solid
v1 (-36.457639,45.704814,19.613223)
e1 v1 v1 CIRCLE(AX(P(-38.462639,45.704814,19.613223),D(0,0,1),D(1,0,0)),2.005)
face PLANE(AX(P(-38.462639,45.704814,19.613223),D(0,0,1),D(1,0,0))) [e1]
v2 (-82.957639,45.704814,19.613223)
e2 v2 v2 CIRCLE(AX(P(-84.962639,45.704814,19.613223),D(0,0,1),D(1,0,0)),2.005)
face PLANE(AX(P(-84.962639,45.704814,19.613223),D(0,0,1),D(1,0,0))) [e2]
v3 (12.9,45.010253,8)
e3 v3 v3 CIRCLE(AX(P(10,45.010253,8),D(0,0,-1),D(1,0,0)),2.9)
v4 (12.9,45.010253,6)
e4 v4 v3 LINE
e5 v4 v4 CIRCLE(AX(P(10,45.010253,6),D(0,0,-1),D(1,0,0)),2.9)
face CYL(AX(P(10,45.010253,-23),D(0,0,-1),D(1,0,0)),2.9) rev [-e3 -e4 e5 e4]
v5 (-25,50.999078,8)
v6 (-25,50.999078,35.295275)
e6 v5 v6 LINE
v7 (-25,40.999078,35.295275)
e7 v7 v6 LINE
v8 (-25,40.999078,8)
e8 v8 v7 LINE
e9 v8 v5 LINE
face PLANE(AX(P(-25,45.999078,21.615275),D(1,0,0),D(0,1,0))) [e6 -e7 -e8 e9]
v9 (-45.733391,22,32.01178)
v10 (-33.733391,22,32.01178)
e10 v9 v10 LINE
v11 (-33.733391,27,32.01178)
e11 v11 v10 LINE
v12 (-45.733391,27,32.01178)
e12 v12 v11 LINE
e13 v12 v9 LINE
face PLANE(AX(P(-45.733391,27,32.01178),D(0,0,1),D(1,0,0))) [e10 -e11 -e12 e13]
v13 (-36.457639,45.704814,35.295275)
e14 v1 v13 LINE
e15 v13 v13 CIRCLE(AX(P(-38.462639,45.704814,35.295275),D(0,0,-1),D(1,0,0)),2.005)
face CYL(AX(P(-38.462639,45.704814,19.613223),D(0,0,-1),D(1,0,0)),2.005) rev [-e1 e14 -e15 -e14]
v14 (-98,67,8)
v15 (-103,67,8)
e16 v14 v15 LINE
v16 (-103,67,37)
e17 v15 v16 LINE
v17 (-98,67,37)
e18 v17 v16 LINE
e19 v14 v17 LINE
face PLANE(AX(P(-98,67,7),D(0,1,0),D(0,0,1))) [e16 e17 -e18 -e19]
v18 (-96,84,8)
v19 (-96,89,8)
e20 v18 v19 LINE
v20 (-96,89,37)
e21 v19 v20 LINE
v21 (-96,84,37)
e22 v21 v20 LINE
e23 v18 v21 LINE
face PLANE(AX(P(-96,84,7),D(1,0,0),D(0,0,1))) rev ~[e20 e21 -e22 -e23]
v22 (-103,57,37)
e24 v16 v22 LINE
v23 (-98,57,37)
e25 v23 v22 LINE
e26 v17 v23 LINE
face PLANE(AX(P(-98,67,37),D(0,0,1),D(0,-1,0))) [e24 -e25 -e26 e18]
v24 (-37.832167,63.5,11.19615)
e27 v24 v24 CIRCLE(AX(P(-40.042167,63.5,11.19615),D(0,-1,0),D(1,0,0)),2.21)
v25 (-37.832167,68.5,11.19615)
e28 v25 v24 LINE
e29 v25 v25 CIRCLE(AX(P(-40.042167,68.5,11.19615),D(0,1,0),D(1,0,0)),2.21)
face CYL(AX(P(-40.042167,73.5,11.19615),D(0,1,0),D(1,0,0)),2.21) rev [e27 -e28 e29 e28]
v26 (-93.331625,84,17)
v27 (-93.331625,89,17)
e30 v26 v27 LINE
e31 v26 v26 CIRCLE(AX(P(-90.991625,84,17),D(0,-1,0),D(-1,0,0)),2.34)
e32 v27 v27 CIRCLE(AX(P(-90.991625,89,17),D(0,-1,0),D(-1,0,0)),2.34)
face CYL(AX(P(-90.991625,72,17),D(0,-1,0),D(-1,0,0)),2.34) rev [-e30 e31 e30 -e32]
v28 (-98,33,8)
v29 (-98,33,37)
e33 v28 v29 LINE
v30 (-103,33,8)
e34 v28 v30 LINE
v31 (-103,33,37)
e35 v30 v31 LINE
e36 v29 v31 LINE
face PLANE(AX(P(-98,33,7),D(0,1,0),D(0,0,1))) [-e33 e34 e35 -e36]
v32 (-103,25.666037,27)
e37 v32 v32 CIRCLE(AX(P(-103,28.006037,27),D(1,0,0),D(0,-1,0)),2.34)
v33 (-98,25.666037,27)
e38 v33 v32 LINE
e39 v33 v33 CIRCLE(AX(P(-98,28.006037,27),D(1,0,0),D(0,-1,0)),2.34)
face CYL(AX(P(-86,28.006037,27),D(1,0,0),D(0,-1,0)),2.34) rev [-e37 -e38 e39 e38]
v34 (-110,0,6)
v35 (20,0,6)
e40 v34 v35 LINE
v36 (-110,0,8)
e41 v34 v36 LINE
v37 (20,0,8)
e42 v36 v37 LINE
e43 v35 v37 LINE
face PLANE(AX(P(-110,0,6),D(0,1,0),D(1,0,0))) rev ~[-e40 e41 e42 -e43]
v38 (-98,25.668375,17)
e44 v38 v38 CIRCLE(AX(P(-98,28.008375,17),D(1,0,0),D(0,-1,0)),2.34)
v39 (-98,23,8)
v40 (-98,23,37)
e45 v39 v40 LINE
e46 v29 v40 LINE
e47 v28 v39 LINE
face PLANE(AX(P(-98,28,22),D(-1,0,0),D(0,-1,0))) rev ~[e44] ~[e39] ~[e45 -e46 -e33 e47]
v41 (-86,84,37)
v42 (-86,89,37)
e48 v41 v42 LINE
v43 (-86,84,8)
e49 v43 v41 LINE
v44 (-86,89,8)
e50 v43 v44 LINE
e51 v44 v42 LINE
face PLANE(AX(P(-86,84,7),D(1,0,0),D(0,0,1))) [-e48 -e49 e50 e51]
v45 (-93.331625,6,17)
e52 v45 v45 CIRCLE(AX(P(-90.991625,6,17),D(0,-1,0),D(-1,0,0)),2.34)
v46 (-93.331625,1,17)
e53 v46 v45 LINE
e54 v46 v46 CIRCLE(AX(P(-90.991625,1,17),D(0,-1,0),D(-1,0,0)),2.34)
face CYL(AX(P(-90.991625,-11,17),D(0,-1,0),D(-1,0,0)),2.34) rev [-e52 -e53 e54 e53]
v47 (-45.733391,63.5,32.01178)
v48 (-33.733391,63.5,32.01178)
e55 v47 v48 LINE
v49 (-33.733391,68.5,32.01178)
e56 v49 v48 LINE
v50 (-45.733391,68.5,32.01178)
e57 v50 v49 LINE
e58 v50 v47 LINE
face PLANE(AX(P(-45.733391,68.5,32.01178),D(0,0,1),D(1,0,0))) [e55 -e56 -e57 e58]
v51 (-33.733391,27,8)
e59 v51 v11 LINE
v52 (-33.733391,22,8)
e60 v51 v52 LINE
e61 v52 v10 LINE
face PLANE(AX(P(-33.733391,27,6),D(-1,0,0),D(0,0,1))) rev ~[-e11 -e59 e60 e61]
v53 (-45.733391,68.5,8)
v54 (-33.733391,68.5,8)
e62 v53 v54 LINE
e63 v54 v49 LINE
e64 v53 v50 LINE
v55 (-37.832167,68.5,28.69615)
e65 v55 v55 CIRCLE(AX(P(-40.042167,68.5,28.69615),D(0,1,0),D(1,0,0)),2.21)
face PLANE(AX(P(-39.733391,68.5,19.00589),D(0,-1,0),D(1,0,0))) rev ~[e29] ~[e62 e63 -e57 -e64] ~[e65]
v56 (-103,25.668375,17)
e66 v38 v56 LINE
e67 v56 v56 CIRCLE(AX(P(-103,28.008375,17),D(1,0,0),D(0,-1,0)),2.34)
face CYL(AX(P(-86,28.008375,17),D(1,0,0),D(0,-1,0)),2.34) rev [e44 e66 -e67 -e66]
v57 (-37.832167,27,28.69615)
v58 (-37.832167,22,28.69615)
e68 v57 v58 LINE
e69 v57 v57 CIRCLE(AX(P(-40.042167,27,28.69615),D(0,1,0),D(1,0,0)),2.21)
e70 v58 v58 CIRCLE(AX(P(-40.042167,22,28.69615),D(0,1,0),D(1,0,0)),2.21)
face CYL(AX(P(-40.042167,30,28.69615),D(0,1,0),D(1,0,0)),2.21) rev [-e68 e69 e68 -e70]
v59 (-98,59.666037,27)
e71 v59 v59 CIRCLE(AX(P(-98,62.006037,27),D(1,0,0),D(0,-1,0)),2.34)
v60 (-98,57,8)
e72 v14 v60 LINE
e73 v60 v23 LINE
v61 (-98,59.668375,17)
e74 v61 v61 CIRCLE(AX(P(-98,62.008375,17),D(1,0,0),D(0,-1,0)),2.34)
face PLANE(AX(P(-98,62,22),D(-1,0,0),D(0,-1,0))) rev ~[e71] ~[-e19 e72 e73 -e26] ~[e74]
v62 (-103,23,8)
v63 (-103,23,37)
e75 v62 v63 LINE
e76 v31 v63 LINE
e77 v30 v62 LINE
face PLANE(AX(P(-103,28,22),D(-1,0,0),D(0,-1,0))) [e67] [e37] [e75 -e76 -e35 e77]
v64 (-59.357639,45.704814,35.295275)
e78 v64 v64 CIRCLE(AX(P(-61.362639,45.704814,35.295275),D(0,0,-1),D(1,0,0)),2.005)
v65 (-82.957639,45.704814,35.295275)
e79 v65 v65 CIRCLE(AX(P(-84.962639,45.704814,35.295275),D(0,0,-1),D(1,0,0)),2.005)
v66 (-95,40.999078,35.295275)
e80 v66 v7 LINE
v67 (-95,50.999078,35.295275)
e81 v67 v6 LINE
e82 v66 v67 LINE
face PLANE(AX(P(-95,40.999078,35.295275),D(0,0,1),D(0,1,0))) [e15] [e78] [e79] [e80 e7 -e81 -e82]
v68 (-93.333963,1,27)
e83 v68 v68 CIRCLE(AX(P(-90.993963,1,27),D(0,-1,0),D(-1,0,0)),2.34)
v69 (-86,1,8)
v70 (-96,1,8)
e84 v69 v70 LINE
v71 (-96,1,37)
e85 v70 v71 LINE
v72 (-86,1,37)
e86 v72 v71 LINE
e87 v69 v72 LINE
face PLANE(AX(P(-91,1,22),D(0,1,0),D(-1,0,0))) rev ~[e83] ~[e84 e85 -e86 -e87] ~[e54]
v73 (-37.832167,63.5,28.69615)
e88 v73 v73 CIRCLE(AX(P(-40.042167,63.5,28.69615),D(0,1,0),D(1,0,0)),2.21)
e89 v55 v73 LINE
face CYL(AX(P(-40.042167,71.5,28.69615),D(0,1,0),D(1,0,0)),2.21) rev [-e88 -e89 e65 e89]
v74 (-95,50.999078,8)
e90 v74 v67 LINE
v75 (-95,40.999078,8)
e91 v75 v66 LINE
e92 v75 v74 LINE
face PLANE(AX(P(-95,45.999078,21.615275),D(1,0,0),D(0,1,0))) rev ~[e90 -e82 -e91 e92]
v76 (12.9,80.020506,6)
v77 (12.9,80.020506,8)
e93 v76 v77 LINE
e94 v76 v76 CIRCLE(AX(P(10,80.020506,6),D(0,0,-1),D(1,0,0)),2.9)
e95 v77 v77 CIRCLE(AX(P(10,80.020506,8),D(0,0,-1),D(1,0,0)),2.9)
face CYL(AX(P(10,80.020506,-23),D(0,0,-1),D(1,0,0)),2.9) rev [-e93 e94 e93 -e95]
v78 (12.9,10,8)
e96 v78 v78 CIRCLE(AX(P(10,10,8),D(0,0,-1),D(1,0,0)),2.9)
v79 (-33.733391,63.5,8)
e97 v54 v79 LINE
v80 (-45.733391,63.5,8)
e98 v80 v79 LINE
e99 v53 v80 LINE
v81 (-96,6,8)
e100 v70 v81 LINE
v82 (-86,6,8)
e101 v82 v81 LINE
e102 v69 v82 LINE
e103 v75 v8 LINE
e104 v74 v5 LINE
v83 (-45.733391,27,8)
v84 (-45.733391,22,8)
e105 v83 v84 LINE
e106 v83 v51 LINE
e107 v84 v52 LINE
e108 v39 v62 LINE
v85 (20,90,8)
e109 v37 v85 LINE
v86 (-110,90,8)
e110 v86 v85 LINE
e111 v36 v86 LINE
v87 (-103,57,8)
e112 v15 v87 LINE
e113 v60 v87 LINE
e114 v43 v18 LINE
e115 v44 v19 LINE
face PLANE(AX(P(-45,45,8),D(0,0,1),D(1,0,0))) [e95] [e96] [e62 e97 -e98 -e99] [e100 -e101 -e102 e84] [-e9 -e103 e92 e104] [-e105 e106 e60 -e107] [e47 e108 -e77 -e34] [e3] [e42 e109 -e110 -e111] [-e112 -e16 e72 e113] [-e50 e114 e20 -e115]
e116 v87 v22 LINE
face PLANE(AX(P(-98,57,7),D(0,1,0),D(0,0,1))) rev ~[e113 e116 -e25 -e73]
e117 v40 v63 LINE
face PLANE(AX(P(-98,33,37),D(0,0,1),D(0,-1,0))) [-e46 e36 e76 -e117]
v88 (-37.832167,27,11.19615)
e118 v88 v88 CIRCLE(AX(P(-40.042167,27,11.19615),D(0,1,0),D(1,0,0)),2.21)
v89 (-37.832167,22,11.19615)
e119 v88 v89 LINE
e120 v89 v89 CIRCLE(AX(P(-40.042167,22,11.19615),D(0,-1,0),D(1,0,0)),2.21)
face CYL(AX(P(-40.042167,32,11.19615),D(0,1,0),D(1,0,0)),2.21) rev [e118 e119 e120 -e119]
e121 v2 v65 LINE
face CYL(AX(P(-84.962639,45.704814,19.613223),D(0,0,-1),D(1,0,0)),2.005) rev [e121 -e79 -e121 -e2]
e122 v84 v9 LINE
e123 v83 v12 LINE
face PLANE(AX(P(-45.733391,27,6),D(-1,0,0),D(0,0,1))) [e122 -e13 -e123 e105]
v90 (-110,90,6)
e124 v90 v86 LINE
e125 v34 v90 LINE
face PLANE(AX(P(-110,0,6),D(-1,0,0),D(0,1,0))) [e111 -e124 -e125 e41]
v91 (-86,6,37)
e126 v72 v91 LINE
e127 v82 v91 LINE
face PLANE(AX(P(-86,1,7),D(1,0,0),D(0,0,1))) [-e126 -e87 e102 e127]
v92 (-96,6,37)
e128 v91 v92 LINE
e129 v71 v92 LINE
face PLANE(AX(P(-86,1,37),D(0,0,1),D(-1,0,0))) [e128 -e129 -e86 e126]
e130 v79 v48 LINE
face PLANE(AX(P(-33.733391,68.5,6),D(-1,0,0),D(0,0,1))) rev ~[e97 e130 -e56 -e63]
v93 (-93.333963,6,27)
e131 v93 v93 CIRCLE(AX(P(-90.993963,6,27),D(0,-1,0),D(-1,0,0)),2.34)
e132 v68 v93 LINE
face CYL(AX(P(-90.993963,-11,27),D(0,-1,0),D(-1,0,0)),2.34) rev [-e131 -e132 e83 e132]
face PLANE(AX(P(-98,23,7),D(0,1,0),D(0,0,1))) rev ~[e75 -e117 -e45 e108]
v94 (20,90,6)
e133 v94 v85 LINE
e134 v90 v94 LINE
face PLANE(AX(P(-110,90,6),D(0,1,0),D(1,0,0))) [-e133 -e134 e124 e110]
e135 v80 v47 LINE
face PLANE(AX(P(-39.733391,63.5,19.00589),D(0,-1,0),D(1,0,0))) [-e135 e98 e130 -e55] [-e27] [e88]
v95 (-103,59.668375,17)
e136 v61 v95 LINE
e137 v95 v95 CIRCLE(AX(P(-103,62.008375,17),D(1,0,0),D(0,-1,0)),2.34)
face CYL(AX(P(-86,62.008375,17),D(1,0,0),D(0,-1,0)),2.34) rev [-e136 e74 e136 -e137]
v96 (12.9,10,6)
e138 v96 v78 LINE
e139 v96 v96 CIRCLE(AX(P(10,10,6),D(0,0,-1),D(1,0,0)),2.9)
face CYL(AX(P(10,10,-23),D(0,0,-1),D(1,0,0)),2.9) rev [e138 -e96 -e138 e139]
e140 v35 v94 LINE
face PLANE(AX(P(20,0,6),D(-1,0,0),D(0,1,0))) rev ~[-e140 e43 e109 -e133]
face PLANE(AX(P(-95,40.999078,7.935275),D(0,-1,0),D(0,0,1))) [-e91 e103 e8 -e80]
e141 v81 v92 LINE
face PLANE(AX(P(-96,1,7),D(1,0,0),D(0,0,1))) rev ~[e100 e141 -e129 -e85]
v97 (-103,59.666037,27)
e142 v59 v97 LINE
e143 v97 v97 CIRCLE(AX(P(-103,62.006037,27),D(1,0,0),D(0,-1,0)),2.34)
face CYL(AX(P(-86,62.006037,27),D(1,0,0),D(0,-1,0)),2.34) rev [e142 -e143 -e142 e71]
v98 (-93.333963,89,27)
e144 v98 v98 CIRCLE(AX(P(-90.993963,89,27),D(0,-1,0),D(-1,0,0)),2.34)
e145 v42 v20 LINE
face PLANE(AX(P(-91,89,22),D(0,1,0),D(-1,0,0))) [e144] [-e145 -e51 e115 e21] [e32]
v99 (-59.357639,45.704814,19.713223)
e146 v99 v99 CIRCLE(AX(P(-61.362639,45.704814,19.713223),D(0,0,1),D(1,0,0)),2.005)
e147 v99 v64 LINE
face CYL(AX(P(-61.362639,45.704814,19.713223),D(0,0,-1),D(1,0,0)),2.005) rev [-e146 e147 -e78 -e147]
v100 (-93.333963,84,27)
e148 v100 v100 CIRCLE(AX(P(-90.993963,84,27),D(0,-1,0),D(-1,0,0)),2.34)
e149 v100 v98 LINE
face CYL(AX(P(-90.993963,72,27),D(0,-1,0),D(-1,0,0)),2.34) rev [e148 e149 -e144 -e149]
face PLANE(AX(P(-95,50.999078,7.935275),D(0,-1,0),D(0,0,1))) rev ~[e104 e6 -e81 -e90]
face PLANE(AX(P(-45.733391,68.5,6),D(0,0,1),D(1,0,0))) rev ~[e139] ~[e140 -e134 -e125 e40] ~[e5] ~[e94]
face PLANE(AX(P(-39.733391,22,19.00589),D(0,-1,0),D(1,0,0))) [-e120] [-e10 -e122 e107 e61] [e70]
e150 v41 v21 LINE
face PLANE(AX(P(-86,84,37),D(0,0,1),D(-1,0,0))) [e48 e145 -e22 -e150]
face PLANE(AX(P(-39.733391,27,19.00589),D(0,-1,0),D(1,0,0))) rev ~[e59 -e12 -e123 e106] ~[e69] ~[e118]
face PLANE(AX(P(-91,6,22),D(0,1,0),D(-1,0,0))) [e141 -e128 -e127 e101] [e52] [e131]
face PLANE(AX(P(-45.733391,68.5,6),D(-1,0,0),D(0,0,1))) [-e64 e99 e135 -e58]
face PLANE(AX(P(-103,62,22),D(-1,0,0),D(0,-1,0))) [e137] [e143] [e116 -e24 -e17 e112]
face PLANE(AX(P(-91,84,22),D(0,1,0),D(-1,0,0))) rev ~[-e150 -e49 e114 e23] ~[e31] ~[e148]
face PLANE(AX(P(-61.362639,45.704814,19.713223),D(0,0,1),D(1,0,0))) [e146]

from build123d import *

# Parameters (mm, degrees)
SKETCH073_R                = 2.34
EXTRUDE089_DEPTH           = 20
SKETCH072_W                = 10
SKETCH072_H                = 30
EXTRUDE088_DEPTH           = 5
EXTRUDE088_PLACEMENT_ANGLE = 90
CUT055_PLACEMENT_ANGLE     = 90
SKETCH069_R                = 2.34
EXTRUDE085_DEPTH           = 20
SKETCH068_W                = 10
SKETCH068_H                = 30
EXTRUDE084_DEPTH           = 5
EXTRUDE084_PLACEMENT_ANGLE = 90
SKETCH082_R                = 2.21
EXTRUDE103_DEPTH           = 10
SKETCH081_R                = 2.21
EXTRUDE102_DEPTH           = 10
SKETCH080_W                = 12
SKETCH080_H                = 26.01178
EXTRUDE101_DEPTH           = 5
SKETCH079_R                = 2.21
EXTRUDE100_DEPTH           = 10
SKETCH078_R                = 2.21
EXTRUDE099_DEPTH           = 10
SKETCH077_W                = 12
SKETCH077_H                = 26.01178
EXTRUDE098_DEPTH           = 5
SKETCH071_R                = 2.34
EXTRUDE087_DEPTH           = 20
SKETCH070_W                = 10
SKETCH070_H                = 30
EXTRUDE086_DEPTH           = 5
EXTRUDE086_PLACEMENT_ANGLE = 90
CUT052_PLACEMENT_ANGLE     = 90
SKETCH067_R                = 2.34
EXTRUDE083_DEPTH           = 20
SKETCH066_W                = 10
SKETCH066_H                = 30
EXTRUDE082_DEPTH           = 5
EXTRUDE082_PLACEMENT_ANGLE = 90
SKETCH016_R                = 2.005
EXTRUDE077_DEPTH           = 20
EXTRUDE076_DEPTH           = 20
EXTRUDE075_DEPTH           = 20
SKETCH059_W                = 10
SKETCH059_H                = 27.36
EXTRUDE065_DEPTH           = 70
SKETCH075_R                = 2.9
EXTRUDE091_DEPTH           = 50
SKETCH074_W                = 130
SKETCH074_H                = 90
EXTRUDE090_DEPTH           = 2


with BuildPart() as tornillos019:
    # Sketch073 (on Face6 of Extrude088) → Extrude089 (new body)
    with BuildSketch(Plane(origin=(-101, -107, 0), x_dir=(0, -1, 0), z_dir=(-1, 0, 0))):
        with Locations((-135.006037, 30)):
            Circle(SKETCH073_R)
        with Locations((-135.008375, 20)):
            Circle(SKETCH073_R)
    extrude(amount=EXTRUDE089_DEPTH)


with BuildPart() as tornillos019_1:
    # Extrude089 placement: moved
    add(tornillos019.part.moved(Location((17, 0, 0))))


with BuildPart() as soporte016:
    # Sketch072 → Extrude088 (new body)
    with BuildSketch(Plane.XZ):
        with Locations((-135, 25)):
            Rectangle(SKETCH072_W, SKETCH072_H)
    extrude(amount=EXTRUDE088_DEPTH)


with BuildPart() as soporte016_1:
    # Extrude088 placement: moved
    add(soporte016.part.moved(Location((-96, -107, 0))).rotate(Axis((-96, -107, 0), (0, 0, -1)), EXTRUDE088_PLACEMENT_ANGLE))

    # Cut055: cut Tornillos019
    add(tornillos019_1.part, mode=Mode.SUBTRACT)


with BuildPart() as soporte016_2:
    # Cut055 placement: moved
    add(soporte016_1.part.moved(Location((-119, -12, -3))).rotate(Axis((-119, -12, -3), (0, 0, -1)), CUT055_PLACEMENT_ANGLE))


with BuildPart() as tornillos017:
    # Sketch069 (on Face6 of Extrude084) → Extrude085 (new body)
    with BuildSketch(Plane(origin=(-101, -107, 0), x_dir=(0, -1, 0), z_dir=(-1, 0, 0))):
        with Locations((-135.006037, 30)):
            Circle(SKETCH069_R)
        with Locations((-135.008375, 20)):
            Circle(SKETCH069_R)
    extrude(amount=EXTRUDE085_DEPTH)


with BuildPart() as tornillos017_1:
    # Extrude085 placement: moved
    add(tornillos017.part.moved(Location((17, 0, 0))))


with BuildPart() as soporte015:
    # Sketch068 → Extrude084 (new body)
    with BuildSketch(Plane.XZ):
        with Locations((-135, 25)):
            Rectangle(SKETCH068_W, SKETCH068_H)
    extrude(amount=EXTRUDE084_DEPTH)


with BuildPart() as soporte015_1:
    # Extrude084 placement: moved
    add(soporte015.part.moved(Location((-96, -107, 0))).rotate(Axis((-96, -107, 0), (0, 0, -1)), EXTRUDE084_PLACEMENT_ANGLE))

    # Cut054: cut Tornillos017
    add(tornillos017_1.part, mode=Mode.SUBTRACT)


with BuildPart() as soporte015_2:
    # Cut054 placement: moved
    add(soporte015_1.part.moved(Location((-2, 34, -3))))


with BuildPart() as extrude103:
    # Sketch082 → Extrude103 (new body)
    with BuildSketch(Plane.XZ):
        with Locations((-30.242167, 20.01615)):
            Circle(SKETCH082_R)
    extrude(amount=EXTRUDE103_DEPTH)


with BuildPart() as extrude103_1:
    # Extrude103 placement: moved
    add(extrude103.part.moved(Location((-9.8, 5, -14.82))))


with BuildPart() as extrude102:
    # Sketch081 → Extrude102 (new body)
    with BuildSketch(Plane.XZ):
        with Locations((-30.242167, 20.01615)):
            Circle(SKETCH081_R)
    extrude(amount=EXTRUDE102_DEPTH)


with BuildPart() as extrude102_1:
    # Extrude102 placement: moved
    add(extrude102.part.moved(Location((-9.8, 3, 2.68))))


with BuildPart() as cut059:
    # Sketch080 → Extrude101 (new body)
    with BuildSketch(Plane.XZ):
        with Locations((-39.733391, 13.00589)):
            Rectangle(SKETCH080_W, SKETCH080_H)
    extrude(amount=EXTRUDE101_DEPTH)

    # Cut058: cut Extrude102
    add(extrude102_1.part, mode=Mode.SUBTRACT)

    # Cut059: cut Extrude103
    add(extrude103_1.part, mode=Mode.SUBTRACT)


with BuildPart() as cut059_1:
    # Cut059 placement: moved
    add(cut059.part.moved(Location((0, 68.5, 6))))


with BuildPart() as extrude100:
    # Sketch079 → Extrude100 (new body)
    with BuildSketch(Plane.XZ):
        with Locations((-30.242167, 20.01615)):
            Circle(SKETCH079_R)
    extrude(amount=EXTRUDE100_DEPTH)


with BuildPart() as extrude100_1:
    # Extrude100 placement: moved
    add(extrude100.part.moved(Location((-9.8, 5, -14.82))))


with BuildPart() as extrude099:
    # Sketch078 → Extrude099 (new body)
    with BuildSketch(Plane.XZ):
        with Locations((-30.242167, 20.01615)):
            Circle(SKETCH078_R)
    extrude(amount=EXTRUDE099_DEPTH)


with BuildPart() as extrude099_1:
    # Extrude099 placement: moved
    add(extrude099.part.moved(Location((-9.8, 3, 2.68))))


with BuildPart() as cut057:
    # Sketch077 → Extrude098 (new body)
    with BuildSketch(Plane.XZ):
        with Locations((-39.733391, 13.00589)):
            Rectangle(SKETCH077_W, SKETCH077_H)
    extrude(amount=EXTRUDE098_DEPTH)

    # Cut056: cut Extrude099
    add(extrude099_1.part, mode=Mode.SUBTRACT)

    # Cut057: cut Extrude100
    add(extrude100_1.part, mode=Mode.SUBTRACT)


with BuildPart() as cut057_1:
    # Cut057 placement: moved
    add(cut057.part.moved(Location((0, 27, 6))))


with BuildPart() as tornillos018:
    # Sketch071 (on Face6 of Extrude086) → Extrude087 (new body)
    with BuildSketch(Plane(origin=(-101, -107, 0), x_dir=(0, -1, 0), z_dir=(-1, 0, 0))):
        with Locations((-135.006037, 30)):
            Circle(SKETCH071_R)
        with Locations((-135.008375, 20)):
            Circle(SKETCH071_R)
    extrude(amount=EXTRUDE087_DEPTH)


with BuildPart() as tornillos018_1:
    # Extrude087 placement: moved
    add(tornillos018.part.moved(Location((17, 0, 0))))


with BuildPart() as soporte013:
    # Sketch070 → Extrude086 (new body)
    with BuildSketch(Plane.XZ):
        with Locations((-135, 25)):
            Rectangle(SKETCH070_W, SKETCH070_H)
    extrude(amount=EXTRUDE086_DEPTH)


with BuildPart() as soporte013_1:
    # Extrude086 placement: moved
    add(soporte013.part.moved(Location((-96, -107, 0))).rotate(Axis((-96, -107, 0), (0, 0, -1)), EXTRUDE086_PLACEMENT_ANGLE))

    # Cut052: cut Tornillos018
    add(tornillos018_1.part, mode=Mode.SUBTRACT)


with BuildPart() as soporte013_2:
    # Cut052 placement: moved
    add(soporte013_1.part.moved(Location((-119, -95, -3))).rotate(Axis((-119, -95, -3), (0, 0, -1)), CUT052_PLACEMENT_ANGLE))


with BuildPart() as tornillos016:
    # Sketch067 (on Face6 of Extrude082) → Extrude083 (new body)
    with BuildSketch(Plane(origin=(-101, -107, 0), x_dir=(0, -1, 0), z_dir=(-1, 0, 0))):
        with Locations((-135.006037, 30)):
            Circle(SKETCH067_R)
        with Locations((-135.008375, 20)):
            Circle(SKETCH067_R)
    extrude(amount=EXTRUDE083_DEPTH)


with BuildPart() as tornillos016_1:
    # Extrude083 placement: moved
    add(tornillos016.part.moved(Location((17, 0, 0))))


with BuildPart() as soporte014:
    # Sketch066 → Extrude082 (new body)
    with BuildSketch(Plane.XZ):
        with Locations((-135, 25)):
            Rectangle(SKETCH066_W, SKETCH066_H)
    extrude(amount=EXTRUDE082_DEPTH)


with BuildPart() as soporte014_1:
    # Extrude082 placement: moved
    add(soporte014.part.moved(Location((-96, -107, 0))).rotate(Axis((-96, -107, 0), (0, 0, -1)), EXTRUDE082_PLACEMENT_ANGLE))

    # Cut053: cut Tornillos016
    add(tornillos016_1.part, mode=Mode.SUBTRACT)


with BuildPart() as soporte014_2:
    # Cut053 placement: moved
    add(soporte014_1.part.moved(Location((-2, 0, -3))))


with BuildPart() as tornillo018:
    # Sketch016 (on Face16 of Fusion001) → Extrude077 (new body)
    with BuildSketch(Plane.XY.offset(45.913223)):
        with Locations((-84.962639, 67.504814)):
            Circle(SKETCH016_R)
    extrude(amount=EXTRUDE077_DEPTH)


with BuildPart() as tornillo018_1:
    # Extrude077 placement: moved
    add(tornillo018.part.moved(Location((46.5, -21.8, -26))))


with BuildPart() as tornillo017:
    # Sketch016 (on Face16 of Fusion001) → Extrude076 (new body)
    with BuildSketch(Plane.XY.offset(45.913223)):
        with Locations((-84.962639, 67.504814)):
            Circle(SKETCH016_R)
    extrude(amount=EXTRUDE076_DEPTH)


with BuildPart() as tornillo017_1:
    # Extrude076 placement: moved
    add(tornillo017.part.moved(Location((23.6, -21.8, -25.9))))


with BuildPart() as tornillo016:
    # Sketch016 (on Face16 of Fusion001) → Extrude075 (new body)
    with BuildSketch(Plane.XY.offset(45.913223)):
        with Locations((-84.962639, 67.504814)):
            Circle(SKETCH016_R)
    extrude(amount=EXTRUDE075_DEPTH)


with BuildPart() as tornillo016_1:
    # Extrude075 placement: moved
    add(tornillo016.part.moved(Location((0, -21.8, -26))))


with BuildPart() as bbbbbbbbb:
    # Sketch059 → Extrude065 (new body)
    with BuildSketch(Plane.YZ):
        with Locations((-10.400922, 22.215275)):
            Rectangle(SKETCH059_W, SKETCH059_H)
    extrude(amount=EXTRUDE065_DEPTH)


with BuildPart() as bbbbbbbbb_1:
    # Extrude065 placement: moved
    add(bbbbbbbbb.part.moved(Location((-95, 56.4, -0.3))))

    # Cut043: cut Tornillo016
    add(tornillo016_1.part, mode=Mode.SUBTRACT)

    # Cut044: cut Tornillo017
    add(tornillo017_1.part, mode=Mode.SUBTRACT)

    # Cut045: cut Tornillo018
    add(tornillo018_1.part, mode=Mode.SUBTRACT)


with BuildPart() as bbbbbbbbb_2:
    # Cut045 placement: moved
    add(bbbbbbbbb_1.part.moved(Location((0, 0, -0.3))))


with BuildPart() as tornillos020:
    # Sketch075 (on Face6 of Extrude090) → Extrude091 (new body)
    with BuildSketch(Plane.XY.offset(2)):
        with Locations((120, 80.020506)):
            Circle(SKETCH075_R)
        with Locations((120, 45.010253)):
            Circle(SKETCH075_R)
        with Locations((120, 10)):
            Circle(SKETCH075_R)
    extrude(amount=EXTRUDE091_DEPTH)


with BuildPart() as tornillos020_1:
    # Extrude091 placement: moved
    add(tornillos020.part.moved(Location((0, 0, -31))))


with BuildPart() as imprimir:
    # Sketch074 → Extrude090 (new body)
    with BuildSketch(Plane.XY):
        with Locations((65, 45)):
            Rectangle(SKETCH074_W, SKETCH074_H)
    extrude(amount=EXTRUDE090_DEPTH)

    # Cut047: cut Tornillos020
    add(tornillos020_1.part, mode=Mode.SUBTRACT)


with BuildPart() as imprimir_1:
    # Cut047 placement: moved
    add(imprimir.part.moved(Location((-110, 0, 6))))

    # Fusion019: union BBBBBBBBB
    add(bbbbbbbbb_2.part)

    # Fusion020: union Soporte014
    add(soporte014_2.part)

    # Fusion021: union Soporte013
    add(soporte013_2.part)

    # Fusion022: union Cut057
    add(cut057_1.part)

    # Fusion023: union Cut059
    add(cut059_1.part)

    # Fusion024: union Soporte015
    add(soporte015_2.part)

    # Fusion025: union Soporte016
    add(soporte016_2.part)


solid = imprimir_1.part
